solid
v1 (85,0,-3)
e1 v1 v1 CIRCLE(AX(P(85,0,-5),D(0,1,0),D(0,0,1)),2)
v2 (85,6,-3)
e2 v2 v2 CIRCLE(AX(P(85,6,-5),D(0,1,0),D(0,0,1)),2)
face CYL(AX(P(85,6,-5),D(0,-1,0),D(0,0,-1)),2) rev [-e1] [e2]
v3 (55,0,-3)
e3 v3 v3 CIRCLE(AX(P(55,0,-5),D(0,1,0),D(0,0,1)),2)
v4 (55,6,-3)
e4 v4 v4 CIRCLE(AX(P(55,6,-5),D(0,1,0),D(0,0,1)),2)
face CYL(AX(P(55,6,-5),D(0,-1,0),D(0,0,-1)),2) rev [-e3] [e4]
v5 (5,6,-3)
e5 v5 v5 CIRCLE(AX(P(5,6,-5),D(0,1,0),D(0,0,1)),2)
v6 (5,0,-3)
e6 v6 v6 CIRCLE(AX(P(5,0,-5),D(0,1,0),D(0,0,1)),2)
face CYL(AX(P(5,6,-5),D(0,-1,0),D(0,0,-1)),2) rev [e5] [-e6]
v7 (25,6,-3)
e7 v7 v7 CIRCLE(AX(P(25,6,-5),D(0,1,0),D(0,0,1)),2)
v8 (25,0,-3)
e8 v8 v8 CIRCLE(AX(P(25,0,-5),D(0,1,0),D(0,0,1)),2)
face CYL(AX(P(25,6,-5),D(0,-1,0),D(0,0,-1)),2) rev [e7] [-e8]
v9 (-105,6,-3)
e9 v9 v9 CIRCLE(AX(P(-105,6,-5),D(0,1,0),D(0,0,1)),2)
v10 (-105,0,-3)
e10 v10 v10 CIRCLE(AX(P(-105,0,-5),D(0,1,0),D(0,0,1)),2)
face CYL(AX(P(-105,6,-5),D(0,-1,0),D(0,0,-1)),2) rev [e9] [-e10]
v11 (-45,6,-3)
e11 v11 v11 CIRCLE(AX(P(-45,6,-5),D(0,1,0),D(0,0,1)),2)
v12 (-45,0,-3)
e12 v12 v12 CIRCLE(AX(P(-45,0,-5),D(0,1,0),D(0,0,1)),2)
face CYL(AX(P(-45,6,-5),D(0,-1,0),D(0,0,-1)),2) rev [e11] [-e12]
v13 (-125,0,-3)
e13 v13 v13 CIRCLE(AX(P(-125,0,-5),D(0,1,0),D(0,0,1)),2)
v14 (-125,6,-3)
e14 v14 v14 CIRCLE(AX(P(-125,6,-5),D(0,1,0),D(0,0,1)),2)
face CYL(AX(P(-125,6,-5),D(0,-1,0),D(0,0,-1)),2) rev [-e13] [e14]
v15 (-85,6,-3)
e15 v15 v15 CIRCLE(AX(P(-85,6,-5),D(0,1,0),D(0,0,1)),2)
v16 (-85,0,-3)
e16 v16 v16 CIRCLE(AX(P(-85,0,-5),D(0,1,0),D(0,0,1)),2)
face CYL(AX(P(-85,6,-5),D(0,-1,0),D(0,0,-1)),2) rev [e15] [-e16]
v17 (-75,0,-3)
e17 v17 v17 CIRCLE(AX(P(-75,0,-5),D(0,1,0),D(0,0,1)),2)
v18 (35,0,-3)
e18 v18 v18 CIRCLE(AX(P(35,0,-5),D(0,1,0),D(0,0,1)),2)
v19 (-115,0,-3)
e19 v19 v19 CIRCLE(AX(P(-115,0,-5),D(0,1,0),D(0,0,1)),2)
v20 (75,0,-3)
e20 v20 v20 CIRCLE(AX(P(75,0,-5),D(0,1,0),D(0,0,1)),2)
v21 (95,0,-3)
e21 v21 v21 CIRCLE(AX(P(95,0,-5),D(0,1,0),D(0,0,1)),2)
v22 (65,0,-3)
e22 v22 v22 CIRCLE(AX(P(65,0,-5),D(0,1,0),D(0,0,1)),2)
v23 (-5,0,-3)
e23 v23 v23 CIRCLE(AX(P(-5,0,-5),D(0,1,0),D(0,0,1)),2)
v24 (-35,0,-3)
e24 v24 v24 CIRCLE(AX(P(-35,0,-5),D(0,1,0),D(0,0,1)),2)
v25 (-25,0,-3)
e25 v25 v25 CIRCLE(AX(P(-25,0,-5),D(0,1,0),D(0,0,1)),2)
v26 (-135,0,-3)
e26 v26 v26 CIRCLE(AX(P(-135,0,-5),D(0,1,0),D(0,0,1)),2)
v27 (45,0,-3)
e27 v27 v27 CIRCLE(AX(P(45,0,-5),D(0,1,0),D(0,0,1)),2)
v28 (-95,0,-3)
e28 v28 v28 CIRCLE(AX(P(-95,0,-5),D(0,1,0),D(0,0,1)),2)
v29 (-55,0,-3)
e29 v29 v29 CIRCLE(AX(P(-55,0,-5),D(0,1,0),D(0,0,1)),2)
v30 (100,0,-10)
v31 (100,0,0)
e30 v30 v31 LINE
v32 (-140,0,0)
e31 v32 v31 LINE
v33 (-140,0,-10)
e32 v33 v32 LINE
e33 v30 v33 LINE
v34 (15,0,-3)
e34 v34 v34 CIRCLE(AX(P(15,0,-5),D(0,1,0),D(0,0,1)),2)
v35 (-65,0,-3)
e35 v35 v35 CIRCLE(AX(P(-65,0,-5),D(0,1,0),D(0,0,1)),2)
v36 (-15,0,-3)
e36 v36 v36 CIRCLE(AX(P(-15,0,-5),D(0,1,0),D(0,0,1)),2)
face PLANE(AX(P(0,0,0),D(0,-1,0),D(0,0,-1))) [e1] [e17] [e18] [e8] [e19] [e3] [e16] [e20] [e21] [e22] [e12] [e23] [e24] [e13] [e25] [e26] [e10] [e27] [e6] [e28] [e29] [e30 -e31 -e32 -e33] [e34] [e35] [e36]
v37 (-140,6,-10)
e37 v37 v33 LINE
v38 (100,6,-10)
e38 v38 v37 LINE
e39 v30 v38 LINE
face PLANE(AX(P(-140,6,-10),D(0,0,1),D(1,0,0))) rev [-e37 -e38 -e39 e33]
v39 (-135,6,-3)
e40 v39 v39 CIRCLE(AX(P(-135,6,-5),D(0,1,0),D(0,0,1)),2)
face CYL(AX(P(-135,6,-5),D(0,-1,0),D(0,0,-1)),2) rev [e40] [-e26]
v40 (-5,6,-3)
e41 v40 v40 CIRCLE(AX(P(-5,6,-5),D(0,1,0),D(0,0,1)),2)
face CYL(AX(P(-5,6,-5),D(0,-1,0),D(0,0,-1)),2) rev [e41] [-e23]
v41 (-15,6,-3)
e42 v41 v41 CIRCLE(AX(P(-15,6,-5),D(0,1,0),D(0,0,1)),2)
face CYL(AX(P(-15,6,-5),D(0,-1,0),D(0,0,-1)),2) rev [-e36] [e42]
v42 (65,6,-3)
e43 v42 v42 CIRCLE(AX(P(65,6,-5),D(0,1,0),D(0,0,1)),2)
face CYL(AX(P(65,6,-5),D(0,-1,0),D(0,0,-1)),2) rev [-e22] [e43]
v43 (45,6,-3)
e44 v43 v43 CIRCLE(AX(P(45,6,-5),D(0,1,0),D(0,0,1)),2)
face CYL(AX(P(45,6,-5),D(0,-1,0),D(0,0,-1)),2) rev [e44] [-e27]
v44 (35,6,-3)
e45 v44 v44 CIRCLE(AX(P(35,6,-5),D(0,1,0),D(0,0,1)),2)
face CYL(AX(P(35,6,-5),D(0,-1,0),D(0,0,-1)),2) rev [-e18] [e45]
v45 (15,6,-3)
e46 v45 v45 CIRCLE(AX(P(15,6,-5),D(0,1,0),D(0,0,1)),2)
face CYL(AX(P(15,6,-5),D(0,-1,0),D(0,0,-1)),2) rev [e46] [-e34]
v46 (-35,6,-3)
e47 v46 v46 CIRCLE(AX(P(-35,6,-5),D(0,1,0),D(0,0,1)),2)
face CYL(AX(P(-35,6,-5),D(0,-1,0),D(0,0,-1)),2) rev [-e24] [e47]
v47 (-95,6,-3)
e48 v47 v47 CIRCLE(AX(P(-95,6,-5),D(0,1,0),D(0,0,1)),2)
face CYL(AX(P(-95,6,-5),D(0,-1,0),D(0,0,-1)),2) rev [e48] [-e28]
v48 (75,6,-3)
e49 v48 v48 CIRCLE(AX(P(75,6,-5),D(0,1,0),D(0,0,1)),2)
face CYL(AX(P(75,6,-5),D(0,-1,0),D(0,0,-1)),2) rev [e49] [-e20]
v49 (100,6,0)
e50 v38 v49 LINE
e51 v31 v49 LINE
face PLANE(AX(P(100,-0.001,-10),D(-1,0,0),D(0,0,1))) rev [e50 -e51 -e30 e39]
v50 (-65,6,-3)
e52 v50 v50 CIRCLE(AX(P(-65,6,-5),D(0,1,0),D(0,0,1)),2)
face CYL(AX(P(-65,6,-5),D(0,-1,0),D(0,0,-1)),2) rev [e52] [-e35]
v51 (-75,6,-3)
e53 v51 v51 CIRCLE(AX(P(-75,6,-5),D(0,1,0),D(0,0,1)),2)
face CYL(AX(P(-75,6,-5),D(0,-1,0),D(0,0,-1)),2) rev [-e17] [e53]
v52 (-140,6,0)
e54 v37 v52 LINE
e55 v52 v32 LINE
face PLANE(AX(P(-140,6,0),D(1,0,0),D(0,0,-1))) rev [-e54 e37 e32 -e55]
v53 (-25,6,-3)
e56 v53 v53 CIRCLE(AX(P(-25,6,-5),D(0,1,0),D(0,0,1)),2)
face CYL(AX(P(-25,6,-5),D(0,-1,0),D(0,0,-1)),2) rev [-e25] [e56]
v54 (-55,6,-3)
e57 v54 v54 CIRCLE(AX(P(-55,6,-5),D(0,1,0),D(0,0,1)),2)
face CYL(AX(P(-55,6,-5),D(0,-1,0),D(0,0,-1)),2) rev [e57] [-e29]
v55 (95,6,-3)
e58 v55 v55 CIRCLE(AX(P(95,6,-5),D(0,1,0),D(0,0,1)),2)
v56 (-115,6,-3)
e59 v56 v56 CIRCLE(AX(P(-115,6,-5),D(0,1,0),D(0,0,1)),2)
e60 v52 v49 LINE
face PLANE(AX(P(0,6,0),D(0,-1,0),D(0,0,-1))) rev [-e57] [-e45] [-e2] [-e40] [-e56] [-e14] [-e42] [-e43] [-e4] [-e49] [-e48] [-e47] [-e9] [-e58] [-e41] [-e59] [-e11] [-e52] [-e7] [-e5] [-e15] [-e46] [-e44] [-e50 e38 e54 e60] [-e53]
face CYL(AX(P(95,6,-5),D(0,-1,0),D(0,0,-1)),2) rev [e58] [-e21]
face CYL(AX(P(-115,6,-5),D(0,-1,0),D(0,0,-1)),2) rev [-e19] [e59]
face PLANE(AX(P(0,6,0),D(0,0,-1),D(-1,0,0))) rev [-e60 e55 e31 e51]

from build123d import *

# Parameters (mm, degrees)
ESQUISSE1_R             = 2
BOSS_EXTRU_1_DEPTH      = 6
ENL_V_MAT_EXTRU_1_REACH = 142.485
ESQUISSE2_W             = 40
ESQUISSE2_H             = 10


with BuildPart() as part:
    # Esquisse1 → Boss.-Extru.1 (new body)
    with BuildSketch(Plane(origin=(0, 0, 0), x_dir=(1, 0, 0), z_dir=(0, 1, 0))):
        Polygon((0, 0), (140, 0), (140, 10), (-140, 10), (-140, 0), align=None)
        with Locations(Location((-135, 5, 0), (0, 0, 270))):
            Circle(ESQUISSE1_R, mode=Mode.SUBTRACT)
        with Locations(Location((-125, 5, 0), (0, 0, 270))):
            Circle(ESQUISSE1_R, mode=Mode.SUBTRACT)
        with Locations(Location((-115, 5, 0), (0, 0, 270))):
            Circle(ESQUISSE1_R, mode=Mode.SUBTRACT)
        with Locations(Location((-105, 5, 0), (0, 0, 270))):
            Circle(ESQUISSE1_R, mode=Mode.SUBTRACT)
        with Locations(Location((-95, 5, 0), (0, 0, 270))):
            Circle(ESQUISSE1_R, mode=Mode.SUBTRACT)
        with Locations(Location((-85, 5, 0), (0, 0, 270))):
            Circle(ESQUISSE1_R, mode=Mode.SUBTRACT)
        with Locations(Location((-75, 5, 0), (0, 0, 270))):
            Circle(ESQUISSE1_R, mode=Mode.SUBTRACT)
        with Locations(Location((-65, 5, 0), (0, 0, 270))):
            Circle(ESQUISSE1_R, mode=Mode.SUBTRACT)
        with Locations(Location((-55, 5, 0), (0, 0, 270))):
            Circle(ESQUISSE1_R, mode=Mode.SUBTRACT)
        with Locations(Location((-45, 5, 0), (0, 0, 270))):
            Circle(ESQUISSE1_R, mode=Mode.SUBTRACT)
        with Locations(Location((-35, 5, 0), (0, 0, 270))):
            Circle(ESQUISSE1_R, mode=Mode.SUBTRACT)
        with Locations(Location((-25, 5, 0), (0, 0, 270))):
            Circle(ESQUISSE1_R, mode=Mode.SUBTRACT)
        with Locations(Location((-15, 5, 0), (0, 0, 270))):
            Circle(ESQUISSE1_R, mode=Mode.SUBTRACT)
        with Locations(Location((-5, 5, 0), (0, 0, 270))):
            Circle(ESQUISSE1_R, mode=Mode.SUBTRACT)
        with Locations(Location((5, 5, 0), (0, 0, 270))):
            Circle(ESQUISSE1_R, mode=Mode.SUBTRACT)
        with Locations(Location((15, 5, 0), (0, 0, 270))):
            Circle(ESQUISSE1_R, mode=Mode.SUBTRACT)
        with Locations(Location((25, 5, 0), (0, 0, 270))):
            Circle(ESQUISSE1_R, mode=Mode.SUBTRACT)
        with Locations(Location((35, 5, 0), (0, 0, 270))):
            Circle(ESQUISSE1_R, mode=Mode.SUBTRACT)
        with Locations(Location((45, 5, 0), (0, 0, 270))):
            Circle(ESQUISSE1_R, mode=Mode.SUBTRACT)
        with Locations(Location((55, 5, 0), (0, 0, 270))):
            Circle(ESQUISSE1_R, mode=Mode.SUBTRACT)
        with Locations(Location((65, 5, 0), (0, 0, 270))):
            Circle(ESQUISSE1_R, mode=Mode.SUBTRACT)
        with Locations(Location((75, 5, 0), (0, 0, 270))):
            Circle(ESQUISSE1_R, mode=Mode.SUBTRACT)
        with Locations(Location((85, 5, 0), (0, 0, 270))):
            Circle(ESQUISSE1_R, mode=Mode.SUBTRACT)
        with Locations(Location((95, 5, 0), (0, 0, 270))):
            Circle(ESQUISSE1_R, mode=Mode.SUBTRACT)
        with Locations(Location((105, 5, 0), (0, 0, 270))):
            Circle(ESQUISSE1_R, mode=Mode.SUBTRACT)
        with Locations(Location((115, 5, 0), (0, 0, 270))):
            Circle(ESQUISSE1_R, mode=Mode.SUBTRACT)
        with Locations(Location((125, 5, 0), (0, 0, 270))):
            Circle(ESQUISSE1_R, mode=Mode.SUBTRACT)
        with Locations(Location((135, 5, 0), (0, 0, 270))):
            Circle(ESQUISSE1_R, mode=Mode.SUBTRACT)
    extrude(amount=BOSS_EXTRU_1_DEPTH)

    # Esquisse2 → Enlèv. mat.-Extru.1 (cut, up to next)
    with BuildSketch(Plane(origin=(0, 6, 0), x_dir=(1, 0, 0), z_dir=(0, 1, 0)), mode=Mode.PRIVATE) as enl_v_mat_extru_1_sk1:
        with Locations((120, 5)):
            Rectangle(ESQUISSE2_W, ESQUISSE2_H)
    enl_v_mat_extru_1_tool1 = extrude(enl_v_mat_extru_1_sk1.sketch, amount=-ENL_V_MAT_EXTRU_1_REACH, mode=Mode.PRIVATE) & part.part
    add(enl_v_mat_extru_1_tool1.solids().sort_by_distance((120, 6, -5))[0], mode=Mode.SUBTRACT)


solid = part.part
